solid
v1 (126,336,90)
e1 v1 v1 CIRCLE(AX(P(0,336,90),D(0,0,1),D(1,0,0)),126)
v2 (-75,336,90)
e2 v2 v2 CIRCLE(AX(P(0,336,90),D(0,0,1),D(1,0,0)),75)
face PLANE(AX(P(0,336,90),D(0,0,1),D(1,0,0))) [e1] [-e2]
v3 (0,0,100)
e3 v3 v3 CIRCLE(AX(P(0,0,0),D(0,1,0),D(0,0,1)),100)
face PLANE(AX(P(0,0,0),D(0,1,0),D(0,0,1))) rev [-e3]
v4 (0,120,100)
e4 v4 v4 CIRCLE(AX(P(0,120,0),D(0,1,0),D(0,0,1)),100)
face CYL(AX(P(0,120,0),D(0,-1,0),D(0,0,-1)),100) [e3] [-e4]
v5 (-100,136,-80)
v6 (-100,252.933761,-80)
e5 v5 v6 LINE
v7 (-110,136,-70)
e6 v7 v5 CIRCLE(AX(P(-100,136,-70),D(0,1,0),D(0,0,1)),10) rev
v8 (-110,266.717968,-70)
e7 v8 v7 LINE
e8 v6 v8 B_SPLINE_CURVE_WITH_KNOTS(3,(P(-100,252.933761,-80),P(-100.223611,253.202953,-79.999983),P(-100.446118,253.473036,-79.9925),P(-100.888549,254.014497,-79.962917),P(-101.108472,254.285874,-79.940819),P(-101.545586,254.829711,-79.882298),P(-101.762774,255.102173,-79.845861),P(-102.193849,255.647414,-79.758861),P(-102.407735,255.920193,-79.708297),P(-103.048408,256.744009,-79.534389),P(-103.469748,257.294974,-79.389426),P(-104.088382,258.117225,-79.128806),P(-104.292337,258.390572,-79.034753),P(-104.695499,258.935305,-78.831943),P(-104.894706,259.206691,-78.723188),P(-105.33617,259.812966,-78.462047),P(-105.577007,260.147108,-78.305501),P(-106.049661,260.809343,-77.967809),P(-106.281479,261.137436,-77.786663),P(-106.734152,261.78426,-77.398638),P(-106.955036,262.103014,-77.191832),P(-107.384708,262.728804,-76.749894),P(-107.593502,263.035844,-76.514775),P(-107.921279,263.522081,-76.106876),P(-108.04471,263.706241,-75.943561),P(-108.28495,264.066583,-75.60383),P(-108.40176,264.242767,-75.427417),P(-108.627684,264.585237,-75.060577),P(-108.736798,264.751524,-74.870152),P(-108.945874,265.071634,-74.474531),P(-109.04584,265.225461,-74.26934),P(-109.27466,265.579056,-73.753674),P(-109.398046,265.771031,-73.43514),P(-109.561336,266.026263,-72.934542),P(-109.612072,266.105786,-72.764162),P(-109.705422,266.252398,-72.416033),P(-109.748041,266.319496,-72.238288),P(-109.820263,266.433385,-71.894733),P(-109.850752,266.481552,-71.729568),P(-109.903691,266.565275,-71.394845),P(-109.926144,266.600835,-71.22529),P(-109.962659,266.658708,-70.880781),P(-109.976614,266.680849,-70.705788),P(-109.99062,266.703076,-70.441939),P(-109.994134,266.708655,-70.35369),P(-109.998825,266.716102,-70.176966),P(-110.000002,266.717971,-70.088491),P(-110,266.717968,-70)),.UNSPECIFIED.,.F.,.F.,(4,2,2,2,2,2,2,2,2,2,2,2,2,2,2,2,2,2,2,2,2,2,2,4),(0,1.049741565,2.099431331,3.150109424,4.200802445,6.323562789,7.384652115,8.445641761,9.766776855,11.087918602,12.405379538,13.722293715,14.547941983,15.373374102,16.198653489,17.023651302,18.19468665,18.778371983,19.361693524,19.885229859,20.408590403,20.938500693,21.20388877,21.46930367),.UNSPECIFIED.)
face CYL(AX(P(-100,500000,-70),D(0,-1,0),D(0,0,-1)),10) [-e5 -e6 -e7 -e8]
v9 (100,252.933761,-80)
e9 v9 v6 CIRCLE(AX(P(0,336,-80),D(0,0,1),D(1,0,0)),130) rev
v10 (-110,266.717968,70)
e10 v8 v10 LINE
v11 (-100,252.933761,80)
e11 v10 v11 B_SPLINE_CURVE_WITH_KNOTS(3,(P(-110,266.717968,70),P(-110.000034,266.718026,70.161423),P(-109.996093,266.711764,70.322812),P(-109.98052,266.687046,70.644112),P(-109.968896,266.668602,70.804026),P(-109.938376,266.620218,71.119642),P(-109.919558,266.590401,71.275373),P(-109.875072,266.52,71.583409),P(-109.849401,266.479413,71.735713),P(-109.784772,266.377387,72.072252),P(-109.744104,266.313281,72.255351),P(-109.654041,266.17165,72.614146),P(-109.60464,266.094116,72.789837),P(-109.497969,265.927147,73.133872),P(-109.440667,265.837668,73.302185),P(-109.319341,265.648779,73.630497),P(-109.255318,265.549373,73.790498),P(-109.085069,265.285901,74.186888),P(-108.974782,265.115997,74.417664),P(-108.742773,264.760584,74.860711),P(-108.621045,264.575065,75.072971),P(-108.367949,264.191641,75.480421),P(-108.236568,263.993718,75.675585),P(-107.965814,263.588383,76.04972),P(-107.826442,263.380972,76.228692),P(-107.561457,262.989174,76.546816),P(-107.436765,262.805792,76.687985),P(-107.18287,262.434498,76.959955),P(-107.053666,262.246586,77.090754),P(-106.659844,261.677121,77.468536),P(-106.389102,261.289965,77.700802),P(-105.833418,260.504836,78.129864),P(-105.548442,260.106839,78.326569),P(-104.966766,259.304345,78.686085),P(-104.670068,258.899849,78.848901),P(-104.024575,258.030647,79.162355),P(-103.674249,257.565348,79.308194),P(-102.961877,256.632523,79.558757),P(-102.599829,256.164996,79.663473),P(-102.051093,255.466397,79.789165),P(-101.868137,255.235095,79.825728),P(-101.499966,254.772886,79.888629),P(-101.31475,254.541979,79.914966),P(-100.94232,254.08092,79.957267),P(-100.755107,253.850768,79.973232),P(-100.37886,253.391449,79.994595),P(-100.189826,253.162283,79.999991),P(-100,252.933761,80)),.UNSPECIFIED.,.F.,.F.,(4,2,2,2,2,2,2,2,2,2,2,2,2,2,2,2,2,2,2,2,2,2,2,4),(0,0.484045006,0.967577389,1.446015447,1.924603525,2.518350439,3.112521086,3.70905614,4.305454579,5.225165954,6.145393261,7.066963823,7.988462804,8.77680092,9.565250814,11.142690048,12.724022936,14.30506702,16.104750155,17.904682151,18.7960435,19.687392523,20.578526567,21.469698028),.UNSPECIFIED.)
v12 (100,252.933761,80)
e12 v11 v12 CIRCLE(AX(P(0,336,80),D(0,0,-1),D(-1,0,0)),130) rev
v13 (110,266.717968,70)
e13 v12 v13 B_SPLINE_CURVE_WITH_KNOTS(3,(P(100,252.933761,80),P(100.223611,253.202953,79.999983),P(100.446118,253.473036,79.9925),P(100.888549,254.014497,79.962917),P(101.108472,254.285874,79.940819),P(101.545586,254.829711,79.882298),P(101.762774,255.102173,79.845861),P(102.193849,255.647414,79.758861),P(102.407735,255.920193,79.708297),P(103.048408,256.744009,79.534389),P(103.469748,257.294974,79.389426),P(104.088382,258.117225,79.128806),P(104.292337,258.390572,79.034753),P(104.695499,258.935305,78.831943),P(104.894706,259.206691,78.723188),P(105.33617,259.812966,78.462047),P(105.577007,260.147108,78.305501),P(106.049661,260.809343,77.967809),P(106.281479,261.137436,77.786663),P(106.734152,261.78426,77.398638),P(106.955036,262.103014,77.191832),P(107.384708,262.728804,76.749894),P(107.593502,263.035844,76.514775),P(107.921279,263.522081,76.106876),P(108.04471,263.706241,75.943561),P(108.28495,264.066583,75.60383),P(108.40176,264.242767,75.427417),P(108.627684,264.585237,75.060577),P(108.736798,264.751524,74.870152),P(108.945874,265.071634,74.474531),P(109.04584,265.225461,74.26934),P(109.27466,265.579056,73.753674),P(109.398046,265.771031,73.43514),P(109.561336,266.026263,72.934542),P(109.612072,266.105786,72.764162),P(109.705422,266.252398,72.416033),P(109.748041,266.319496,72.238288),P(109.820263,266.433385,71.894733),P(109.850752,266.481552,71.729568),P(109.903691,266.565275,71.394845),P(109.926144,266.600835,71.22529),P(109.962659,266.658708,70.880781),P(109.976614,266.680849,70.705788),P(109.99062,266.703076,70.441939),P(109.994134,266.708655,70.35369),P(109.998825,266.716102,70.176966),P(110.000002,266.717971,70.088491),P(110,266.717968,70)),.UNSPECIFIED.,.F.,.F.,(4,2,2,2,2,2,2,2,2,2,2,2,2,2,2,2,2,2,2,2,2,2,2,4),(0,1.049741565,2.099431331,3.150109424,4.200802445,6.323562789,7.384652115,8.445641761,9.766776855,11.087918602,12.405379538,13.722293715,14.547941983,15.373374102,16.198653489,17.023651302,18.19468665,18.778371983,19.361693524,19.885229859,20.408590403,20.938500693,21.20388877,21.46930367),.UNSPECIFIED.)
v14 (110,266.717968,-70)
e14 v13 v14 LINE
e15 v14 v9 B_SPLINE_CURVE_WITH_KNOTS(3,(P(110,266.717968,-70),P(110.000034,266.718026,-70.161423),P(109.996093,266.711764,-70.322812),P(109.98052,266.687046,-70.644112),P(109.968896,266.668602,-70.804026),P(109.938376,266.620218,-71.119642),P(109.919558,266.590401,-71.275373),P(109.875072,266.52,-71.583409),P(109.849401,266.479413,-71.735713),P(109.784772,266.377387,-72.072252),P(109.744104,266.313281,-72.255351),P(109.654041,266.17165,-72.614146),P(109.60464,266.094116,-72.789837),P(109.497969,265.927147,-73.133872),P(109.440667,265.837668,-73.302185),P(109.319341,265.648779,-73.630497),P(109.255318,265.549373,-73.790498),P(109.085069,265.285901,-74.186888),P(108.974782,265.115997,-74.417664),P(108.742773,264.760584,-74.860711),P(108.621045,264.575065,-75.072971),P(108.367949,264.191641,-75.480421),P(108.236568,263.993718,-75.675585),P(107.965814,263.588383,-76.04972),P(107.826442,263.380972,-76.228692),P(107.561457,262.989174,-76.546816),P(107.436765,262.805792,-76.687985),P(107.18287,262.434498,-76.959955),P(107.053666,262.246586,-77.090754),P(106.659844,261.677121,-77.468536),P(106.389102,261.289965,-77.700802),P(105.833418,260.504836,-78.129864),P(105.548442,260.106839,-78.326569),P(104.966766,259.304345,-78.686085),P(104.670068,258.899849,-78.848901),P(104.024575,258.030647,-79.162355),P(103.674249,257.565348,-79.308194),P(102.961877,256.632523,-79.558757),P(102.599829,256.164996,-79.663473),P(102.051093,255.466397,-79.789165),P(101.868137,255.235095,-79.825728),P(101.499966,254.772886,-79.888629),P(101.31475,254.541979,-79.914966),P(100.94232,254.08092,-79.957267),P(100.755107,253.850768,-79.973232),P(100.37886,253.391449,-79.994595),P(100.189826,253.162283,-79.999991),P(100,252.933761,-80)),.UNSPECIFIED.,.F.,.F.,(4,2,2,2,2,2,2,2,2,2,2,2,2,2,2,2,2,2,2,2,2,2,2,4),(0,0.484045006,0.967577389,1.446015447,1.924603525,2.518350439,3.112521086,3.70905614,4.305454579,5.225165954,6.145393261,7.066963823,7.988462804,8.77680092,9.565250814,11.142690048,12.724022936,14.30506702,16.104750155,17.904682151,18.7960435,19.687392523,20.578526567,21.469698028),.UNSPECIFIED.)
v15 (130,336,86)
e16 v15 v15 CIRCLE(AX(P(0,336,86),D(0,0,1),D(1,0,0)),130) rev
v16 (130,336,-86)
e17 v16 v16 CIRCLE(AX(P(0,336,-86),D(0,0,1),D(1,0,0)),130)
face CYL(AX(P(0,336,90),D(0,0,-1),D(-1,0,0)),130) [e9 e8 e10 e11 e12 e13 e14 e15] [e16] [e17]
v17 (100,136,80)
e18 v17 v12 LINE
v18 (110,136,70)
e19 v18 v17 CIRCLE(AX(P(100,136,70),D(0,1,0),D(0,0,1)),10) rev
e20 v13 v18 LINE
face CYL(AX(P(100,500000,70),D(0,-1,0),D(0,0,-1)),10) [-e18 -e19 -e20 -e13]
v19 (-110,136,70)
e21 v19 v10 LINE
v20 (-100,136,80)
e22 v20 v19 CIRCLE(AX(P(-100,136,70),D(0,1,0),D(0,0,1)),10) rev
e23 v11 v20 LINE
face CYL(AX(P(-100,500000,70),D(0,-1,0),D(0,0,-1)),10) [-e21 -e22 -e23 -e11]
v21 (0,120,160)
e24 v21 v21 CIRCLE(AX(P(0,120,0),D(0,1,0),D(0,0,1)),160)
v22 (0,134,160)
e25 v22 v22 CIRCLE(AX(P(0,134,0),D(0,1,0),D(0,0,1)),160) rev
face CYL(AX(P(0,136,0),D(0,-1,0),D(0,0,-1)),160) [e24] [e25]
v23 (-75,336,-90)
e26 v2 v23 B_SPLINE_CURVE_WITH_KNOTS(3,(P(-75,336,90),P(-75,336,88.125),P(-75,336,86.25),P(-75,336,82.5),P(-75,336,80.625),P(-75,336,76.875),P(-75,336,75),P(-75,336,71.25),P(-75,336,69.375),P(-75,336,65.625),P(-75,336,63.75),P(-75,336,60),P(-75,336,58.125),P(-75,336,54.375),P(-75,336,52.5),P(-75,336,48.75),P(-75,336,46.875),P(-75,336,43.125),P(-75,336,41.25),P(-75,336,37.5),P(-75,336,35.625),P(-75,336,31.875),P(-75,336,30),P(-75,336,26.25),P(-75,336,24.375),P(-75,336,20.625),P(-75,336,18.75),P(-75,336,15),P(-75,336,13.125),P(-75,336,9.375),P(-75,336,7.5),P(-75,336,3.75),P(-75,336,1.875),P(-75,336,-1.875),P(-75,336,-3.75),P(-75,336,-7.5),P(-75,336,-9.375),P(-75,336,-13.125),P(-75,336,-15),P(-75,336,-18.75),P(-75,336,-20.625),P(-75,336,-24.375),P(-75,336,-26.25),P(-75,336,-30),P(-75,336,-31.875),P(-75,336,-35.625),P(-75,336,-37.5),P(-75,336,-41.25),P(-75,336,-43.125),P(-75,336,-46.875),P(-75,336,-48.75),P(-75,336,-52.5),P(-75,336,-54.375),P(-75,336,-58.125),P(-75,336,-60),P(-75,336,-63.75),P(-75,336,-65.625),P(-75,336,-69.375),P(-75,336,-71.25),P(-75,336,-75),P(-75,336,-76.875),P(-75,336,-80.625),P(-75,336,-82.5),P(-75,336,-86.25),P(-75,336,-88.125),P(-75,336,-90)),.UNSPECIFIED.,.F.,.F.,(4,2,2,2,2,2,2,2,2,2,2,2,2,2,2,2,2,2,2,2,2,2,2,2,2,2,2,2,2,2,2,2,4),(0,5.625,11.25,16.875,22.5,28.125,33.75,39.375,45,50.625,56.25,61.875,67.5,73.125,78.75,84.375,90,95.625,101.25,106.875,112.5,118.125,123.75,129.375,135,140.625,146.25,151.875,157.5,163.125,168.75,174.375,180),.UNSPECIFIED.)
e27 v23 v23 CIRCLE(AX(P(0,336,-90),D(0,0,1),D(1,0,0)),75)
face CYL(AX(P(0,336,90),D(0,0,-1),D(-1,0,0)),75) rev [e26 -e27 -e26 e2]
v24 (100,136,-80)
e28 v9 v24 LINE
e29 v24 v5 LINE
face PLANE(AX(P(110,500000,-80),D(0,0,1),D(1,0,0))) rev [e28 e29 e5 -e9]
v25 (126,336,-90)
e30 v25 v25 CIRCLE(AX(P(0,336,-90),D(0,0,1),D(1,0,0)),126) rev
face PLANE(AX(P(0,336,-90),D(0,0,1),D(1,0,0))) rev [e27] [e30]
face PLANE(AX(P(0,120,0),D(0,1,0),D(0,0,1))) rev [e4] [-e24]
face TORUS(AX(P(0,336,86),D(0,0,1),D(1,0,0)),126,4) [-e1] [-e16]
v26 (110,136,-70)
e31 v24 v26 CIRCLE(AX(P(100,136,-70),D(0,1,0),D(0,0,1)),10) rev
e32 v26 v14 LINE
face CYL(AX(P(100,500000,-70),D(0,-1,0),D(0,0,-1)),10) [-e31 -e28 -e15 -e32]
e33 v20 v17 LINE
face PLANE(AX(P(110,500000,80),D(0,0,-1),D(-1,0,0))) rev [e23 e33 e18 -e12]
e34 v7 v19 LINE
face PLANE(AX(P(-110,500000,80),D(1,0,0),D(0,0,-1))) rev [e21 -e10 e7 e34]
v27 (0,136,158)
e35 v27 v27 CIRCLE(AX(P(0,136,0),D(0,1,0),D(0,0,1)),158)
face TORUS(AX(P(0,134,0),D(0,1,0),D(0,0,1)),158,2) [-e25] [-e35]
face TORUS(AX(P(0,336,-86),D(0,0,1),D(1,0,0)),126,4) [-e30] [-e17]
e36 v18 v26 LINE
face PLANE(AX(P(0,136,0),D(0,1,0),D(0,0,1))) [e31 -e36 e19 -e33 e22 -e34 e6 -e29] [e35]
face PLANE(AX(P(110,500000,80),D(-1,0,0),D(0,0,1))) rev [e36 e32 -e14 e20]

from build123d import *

# Parameters (mm, degrees)
SKETCH1_R                = 100
BOSS_EXTRUDE1_DEPTH      = 120
SKETCH2_R                = 160
BOSS_EXTRUDE2_DEPTH      = 16
SKETCH3_R                = 130
SKETCH3_R_2              = 75
BOSS_EXTRUDE3_DEPTH      = 90
BOSS_EXTRUDE4_REACH      = 402.125
BOSS_EXTRUDE4_END_RADIUS = 130
SKETCH4_W                = 220
SKETCH4_H                = 160
FILLET1_R                = 2
FILLET2_R                = 4
FILLET3_R                = 10


with BuildPart() as part:
    # Sketch1 → Boss-Extrude1 (new body)
    with BuildSketch(Plane(origin=(0, 0, 0), x_dir=(1, 0, 0), z_dir=(0, 1, 0))):
        with Locations(Location((0, 0, 0), (0, 0, 270))):
            Circle(SKETCH1_R)
    extrude(amount=BOSS_EXTRUDE1_DEPTH)

    # Sketch2 → Boss-Extrude2 (add)
    with BuildSketch(Plane(origin=(0, 120, 0), x_dir=(1, 0, 0), z_dir=(0, 1, 0))):
        with Locations(Location((0, 0, 0), (0, 0, 270))):
            Circle(SKETCH2_R)
    extrude(amount=BOSS_EXTRUDE2_DEPTH)



with BuildPart() as body_2:
    # Sketch3 → Boss-Extrude3 (new, symmetric)
    with BuildSketch(Plane.XY):
        with Locations(Location((0, 336, 0), (0, 0, 180))):
            Circle(SKETCH3_R)
        with Locations(Location((0, 336, 0), (0, 0, 180))):
            Circle(SKETCH3_R_2, mode=Mode.SUBTRACT)
    extrude(amount=BOSS_EXTRUDE3_DEPTH, both=True)


with BuildPart() as part_1:
    add(part.part)

    add(body_2.part)  # Boss-Extrude4 merges body 2
    # Boss-Extrude4: up to this cylinder (the profile starts outside it)
    boss_extrude4_end = Plane(origin=(0, 336, 0), z_dir=(0, 0, -1)) * Cylinder(BOSS_EXTRUDE4_END_RADIUS, 1065.25, mode=Mode.PRIVATE)
    # Sketch4 → Boss-Extrude4 (add, up to the surface)
    with BuildSketch(Plane(origin=(0, 136, 0), x_dir=(1, 0, 0), z_dir=(0, 1, 0)), mode=Mode.PRIVATE) as boss_extrude4_sk1:
        Rectangle(SKETCH4_W, SKETCH4_H)
    boss_extrude4_tool1 = extrude(boss_extrude4_sk1.sketch, amount=BOSS_EXTRUDE4_REACH, mode=Mode.PRIVATE) - boss_extrude4_end
    add(boss_extrude4_tool1.solids().sort_by_distance((0, 136, 0))[0])

    # Fillet1
    fillet1_edges = [part_1.edges().sort_by_distance(p)[0] for p in [
        (0, 136, -160),
    ]]
    fillet(fillet1_edges, radius=FILLET1_R)

    # Fillet2
    fillet2_edges = [part_1.edges().sort_by_distance(p)[0] for p in [
        (130, 336, -90),
        (130, 336, 90),
    ]]
    fillet(fillet2_edges, radius=FILLET2_R)

    # Fillet3
    fillet3_edges = [part_1.edges().sort_by_distance(p)[0] for p in [
        (-110, 201.358983849, 80),
        (-110, 201.358983849, -80),
        (110, 201.358983849, 80),
        (110, 201.358983849, -80),
    ]]
    fillet(fillet3_edges, radius=FILLET3_R)


solid = part_1.part
